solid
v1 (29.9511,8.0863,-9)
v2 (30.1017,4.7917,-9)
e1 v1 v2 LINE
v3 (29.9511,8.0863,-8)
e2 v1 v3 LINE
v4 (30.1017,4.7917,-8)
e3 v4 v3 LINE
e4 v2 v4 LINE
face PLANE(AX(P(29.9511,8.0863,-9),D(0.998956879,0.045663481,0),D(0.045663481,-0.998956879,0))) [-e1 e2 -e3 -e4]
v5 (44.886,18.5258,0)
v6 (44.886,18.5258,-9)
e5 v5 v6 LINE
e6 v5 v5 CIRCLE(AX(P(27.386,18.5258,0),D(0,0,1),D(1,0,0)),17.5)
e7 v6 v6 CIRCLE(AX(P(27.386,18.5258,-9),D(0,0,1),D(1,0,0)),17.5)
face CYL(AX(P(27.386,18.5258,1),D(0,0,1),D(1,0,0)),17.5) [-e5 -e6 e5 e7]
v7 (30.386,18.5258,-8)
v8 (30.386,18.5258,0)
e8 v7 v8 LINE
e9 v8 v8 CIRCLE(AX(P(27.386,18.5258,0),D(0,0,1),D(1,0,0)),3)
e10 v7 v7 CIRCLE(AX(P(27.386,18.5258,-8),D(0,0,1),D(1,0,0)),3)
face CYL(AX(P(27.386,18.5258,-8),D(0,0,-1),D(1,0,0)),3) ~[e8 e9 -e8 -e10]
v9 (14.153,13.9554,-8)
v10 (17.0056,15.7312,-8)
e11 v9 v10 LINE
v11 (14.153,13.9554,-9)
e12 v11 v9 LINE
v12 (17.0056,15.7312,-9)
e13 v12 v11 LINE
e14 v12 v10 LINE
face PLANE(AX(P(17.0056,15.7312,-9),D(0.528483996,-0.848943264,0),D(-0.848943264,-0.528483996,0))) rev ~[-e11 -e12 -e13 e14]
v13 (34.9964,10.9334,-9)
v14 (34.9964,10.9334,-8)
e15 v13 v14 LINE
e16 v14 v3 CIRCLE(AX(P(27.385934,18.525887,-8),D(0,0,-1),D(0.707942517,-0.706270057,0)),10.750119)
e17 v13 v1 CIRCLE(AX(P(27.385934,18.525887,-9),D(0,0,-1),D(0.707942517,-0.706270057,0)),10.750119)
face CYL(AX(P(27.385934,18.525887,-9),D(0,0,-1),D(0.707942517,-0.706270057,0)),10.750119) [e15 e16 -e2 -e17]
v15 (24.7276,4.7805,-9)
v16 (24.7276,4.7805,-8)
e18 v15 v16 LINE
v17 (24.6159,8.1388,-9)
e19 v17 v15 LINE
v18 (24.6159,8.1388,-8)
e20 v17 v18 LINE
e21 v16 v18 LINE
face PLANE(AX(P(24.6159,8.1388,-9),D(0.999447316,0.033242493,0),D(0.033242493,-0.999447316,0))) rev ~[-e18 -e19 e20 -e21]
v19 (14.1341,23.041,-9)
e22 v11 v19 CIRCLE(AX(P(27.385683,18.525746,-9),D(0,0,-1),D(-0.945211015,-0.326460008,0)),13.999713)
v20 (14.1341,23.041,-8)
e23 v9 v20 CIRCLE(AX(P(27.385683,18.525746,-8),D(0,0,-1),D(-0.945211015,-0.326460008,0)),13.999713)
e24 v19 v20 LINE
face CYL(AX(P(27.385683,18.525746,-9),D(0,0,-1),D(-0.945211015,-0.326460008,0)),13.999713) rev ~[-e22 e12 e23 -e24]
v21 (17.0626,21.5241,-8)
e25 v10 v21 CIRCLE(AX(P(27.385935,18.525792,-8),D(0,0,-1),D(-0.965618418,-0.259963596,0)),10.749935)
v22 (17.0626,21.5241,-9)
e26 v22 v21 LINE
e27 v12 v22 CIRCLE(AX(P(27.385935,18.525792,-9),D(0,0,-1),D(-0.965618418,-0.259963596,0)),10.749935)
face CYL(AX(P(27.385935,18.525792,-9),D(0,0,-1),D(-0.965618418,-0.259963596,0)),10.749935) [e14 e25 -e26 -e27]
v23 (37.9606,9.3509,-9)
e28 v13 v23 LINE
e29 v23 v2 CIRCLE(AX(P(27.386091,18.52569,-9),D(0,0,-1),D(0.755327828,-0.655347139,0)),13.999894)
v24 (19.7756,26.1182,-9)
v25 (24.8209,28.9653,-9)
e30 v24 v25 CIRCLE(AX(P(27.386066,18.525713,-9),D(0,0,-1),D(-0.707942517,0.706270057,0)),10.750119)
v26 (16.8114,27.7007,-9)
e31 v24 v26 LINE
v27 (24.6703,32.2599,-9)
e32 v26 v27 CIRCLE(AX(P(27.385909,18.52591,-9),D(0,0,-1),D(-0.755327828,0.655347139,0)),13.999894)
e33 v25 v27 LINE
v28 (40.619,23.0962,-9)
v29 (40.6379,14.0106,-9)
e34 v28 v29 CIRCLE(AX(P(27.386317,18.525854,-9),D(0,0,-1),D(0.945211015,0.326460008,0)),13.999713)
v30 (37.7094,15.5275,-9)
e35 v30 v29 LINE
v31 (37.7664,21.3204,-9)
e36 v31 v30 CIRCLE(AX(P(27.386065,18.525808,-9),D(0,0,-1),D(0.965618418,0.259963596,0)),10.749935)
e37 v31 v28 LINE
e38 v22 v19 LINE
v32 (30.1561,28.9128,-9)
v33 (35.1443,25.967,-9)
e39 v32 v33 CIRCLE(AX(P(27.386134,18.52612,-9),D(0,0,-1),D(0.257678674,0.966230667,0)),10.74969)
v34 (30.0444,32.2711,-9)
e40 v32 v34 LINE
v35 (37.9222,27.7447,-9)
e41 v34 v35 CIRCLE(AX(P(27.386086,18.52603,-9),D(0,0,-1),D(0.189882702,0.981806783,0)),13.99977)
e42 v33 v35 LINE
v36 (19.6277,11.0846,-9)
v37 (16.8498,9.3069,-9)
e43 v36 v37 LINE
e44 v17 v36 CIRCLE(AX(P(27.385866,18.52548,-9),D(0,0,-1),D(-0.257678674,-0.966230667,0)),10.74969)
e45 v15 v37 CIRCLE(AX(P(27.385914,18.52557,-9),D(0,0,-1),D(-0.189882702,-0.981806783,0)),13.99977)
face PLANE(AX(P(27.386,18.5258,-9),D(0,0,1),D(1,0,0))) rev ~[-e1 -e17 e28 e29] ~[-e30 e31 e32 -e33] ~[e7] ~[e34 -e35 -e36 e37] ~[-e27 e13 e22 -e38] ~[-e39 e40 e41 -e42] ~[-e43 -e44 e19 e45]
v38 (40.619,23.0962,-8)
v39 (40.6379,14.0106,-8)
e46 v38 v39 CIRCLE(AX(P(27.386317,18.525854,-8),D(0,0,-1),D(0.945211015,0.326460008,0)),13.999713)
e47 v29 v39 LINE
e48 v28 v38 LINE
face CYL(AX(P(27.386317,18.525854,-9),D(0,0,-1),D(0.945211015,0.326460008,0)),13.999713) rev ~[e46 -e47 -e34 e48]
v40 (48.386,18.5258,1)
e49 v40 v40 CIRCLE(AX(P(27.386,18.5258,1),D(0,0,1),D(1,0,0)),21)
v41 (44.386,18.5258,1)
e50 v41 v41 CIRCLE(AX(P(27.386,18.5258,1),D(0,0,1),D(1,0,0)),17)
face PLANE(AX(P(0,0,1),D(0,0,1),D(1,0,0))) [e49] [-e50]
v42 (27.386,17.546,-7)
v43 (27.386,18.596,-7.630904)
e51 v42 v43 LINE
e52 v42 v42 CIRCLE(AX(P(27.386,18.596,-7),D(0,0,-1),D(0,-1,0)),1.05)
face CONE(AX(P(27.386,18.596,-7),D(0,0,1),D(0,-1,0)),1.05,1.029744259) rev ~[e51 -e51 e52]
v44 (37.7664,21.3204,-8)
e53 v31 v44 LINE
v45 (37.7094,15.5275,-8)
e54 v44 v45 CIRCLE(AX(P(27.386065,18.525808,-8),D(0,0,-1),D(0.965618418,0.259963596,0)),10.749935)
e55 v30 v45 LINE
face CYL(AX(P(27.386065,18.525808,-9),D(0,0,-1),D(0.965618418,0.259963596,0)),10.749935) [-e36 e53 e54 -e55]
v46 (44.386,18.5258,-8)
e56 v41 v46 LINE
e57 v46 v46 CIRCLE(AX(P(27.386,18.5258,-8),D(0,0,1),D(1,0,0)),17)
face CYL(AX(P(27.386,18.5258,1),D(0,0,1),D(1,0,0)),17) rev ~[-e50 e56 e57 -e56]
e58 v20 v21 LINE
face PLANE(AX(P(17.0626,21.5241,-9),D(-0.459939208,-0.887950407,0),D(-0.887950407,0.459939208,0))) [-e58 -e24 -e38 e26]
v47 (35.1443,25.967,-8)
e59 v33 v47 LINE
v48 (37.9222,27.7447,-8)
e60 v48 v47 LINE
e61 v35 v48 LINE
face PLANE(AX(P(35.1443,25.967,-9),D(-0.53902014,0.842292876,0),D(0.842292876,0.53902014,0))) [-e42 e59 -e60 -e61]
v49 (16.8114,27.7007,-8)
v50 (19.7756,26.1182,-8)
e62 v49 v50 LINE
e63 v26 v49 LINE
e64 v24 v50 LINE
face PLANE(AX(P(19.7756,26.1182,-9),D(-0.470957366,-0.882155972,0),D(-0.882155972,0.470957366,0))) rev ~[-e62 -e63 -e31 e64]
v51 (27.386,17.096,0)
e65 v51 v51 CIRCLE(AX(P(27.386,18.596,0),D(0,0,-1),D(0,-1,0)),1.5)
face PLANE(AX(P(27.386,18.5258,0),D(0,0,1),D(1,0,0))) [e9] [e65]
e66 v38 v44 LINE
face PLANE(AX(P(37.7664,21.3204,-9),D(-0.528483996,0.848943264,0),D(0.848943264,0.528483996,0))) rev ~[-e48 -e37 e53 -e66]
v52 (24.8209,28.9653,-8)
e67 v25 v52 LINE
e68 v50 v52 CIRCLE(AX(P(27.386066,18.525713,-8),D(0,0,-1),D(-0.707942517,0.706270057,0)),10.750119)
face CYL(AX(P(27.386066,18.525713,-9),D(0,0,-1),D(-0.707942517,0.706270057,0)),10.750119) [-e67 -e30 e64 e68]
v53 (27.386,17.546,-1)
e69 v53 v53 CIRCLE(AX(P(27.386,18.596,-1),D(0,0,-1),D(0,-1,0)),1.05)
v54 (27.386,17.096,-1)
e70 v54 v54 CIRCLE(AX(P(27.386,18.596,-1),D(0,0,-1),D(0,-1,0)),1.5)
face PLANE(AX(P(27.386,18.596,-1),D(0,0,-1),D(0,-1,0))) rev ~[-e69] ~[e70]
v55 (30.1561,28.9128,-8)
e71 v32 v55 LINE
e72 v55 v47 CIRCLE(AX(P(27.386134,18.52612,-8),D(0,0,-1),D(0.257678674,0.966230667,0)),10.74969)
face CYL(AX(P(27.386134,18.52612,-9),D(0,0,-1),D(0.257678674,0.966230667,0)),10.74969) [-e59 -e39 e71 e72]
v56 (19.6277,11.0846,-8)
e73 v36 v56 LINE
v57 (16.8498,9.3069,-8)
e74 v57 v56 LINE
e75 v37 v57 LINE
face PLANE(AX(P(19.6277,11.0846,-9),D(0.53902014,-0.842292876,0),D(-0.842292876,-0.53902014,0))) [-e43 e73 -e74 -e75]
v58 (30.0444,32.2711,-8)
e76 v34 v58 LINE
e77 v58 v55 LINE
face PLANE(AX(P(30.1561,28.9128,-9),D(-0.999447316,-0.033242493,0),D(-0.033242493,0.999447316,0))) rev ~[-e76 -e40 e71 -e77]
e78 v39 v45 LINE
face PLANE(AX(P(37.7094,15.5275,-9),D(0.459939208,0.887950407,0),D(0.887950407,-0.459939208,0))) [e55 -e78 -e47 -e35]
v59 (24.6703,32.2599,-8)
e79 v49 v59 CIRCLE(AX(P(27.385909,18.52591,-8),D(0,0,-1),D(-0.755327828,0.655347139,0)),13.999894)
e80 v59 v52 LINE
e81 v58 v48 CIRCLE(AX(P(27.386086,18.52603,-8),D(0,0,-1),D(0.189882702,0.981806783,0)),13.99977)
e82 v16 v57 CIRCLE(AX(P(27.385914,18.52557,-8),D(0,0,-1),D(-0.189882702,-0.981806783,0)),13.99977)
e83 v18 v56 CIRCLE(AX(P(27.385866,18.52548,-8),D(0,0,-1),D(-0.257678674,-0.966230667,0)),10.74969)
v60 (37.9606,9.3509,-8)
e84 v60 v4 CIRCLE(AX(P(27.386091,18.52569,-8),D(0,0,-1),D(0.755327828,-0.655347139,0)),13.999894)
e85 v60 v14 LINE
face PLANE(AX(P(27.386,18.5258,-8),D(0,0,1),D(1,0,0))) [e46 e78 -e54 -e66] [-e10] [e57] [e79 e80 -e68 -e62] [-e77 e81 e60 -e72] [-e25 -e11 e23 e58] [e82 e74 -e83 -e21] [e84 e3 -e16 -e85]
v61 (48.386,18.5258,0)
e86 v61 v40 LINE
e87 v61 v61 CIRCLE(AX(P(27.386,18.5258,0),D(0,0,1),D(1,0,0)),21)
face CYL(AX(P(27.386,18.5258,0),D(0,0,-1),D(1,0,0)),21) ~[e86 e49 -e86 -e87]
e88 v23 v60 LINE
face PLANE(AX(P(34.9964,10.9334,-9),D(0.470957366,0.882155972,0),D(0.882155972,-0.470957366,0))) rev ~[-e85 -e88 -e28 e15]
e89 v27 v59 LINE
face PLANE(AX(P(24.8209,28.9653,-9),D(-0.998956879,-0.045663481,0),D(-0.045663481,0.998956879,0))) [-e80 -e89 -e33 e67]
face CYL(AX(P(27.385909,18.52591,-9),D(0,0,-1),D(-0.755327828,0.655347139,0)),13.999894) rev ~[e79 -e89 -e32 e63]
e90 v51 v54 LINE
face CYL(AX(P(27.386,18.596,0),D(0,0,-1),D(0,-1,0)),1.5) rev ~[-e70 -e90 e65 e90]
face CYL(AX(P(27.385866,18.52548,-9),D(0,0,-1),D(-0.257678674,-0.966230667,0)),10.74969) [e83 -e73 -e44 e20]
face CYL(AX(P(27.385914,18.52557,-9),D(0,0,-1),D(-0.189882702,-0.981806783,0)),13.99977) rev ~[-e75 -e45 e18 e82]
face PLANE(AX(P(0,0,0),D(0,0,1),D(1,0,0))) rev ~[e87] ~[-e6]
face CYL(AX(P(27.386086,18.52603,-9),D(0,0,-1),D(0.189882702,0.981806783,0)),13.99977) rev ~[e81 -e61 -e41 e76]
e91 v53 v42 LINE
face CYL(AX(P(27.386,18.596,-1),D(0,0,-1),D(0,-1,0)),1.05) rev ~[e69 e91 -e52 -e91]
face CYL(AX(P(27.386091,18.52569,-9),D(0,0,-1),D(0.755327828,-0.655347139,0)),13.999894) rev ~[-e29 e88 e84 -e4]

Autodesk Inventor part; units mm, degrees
ref_plane "YZ Plane" through (0, 0, 0) normal (1, 0, 0) x (0, 1, 0)
ref_plane "XZ Plane" through (0, 0, 0) normal (0, 1, 0) x (-1, 0, 0)
ref_plane "XY Plane" through (0, 0, 0) normal (0, 0, 1) x (1, 0, 0)
sketch "Sketch1" plane through (0, 0, 0) normal (0, 0, 1) x (1, 0, 0)
  circle A0 centre (27.386, 18.5258) radius 21
  circle A1 centre (27.386, 18.5258) radius 17
  dimension "d0" = 42
  dimension "d1" = 34
extrude "Outer" add sketch "Sketch1" along normal blind 1
sketch "Sketch2" plane through (27.386, 18.5258, 1) normal (0, 0, 1) x (1, 0, 0)
  circle A0 centre (0, 0) radius 17.5
  dimension "d4" = 35
extrude "Breath_ext_outer" add sketch "Sketch2" against normal blind 10
sketch "Sketch3" plane through (27.386, 18.5258, 1) normal (0, 0, 1) x (1, 0, 0)
  circle A0 centre (0, 0) radius 17
  dimension "d7" = 34
extrude "Breath_ext_inner" cut sketch "Sketch3" against normal blind 9
sketch "Sketch4" plane through (27.386, 18.5258, -9) normal (0, 0, -1) x (-1, 0, 0)
  arc A0 (-10.3804, 2.7946) -> (-10.3234, -2.9983) centre (0, 0) ccw
  arc A1 (-13.233, 4.5704) -> (-13.2519, -4.5152) centre (0, 0) ccw
  line L0 (-10.3234, -2.9983) -> (-13.2519, -4.5152)
  line L1 (-10.3804, 2.7946) -> (-13.233, 4.5704)
  arc A2 (-2.7701, 10.387) -> (-7.7583, 7.4412) centre (0, 0) ccw
  arc A3 (-2.6584, 13.7453) -> (-10.5362, 9.2189) centre (0, 0) ccw
  line L2 (-7.7583, 7.4412) -> (-10.5362, 9.2189)
  line L3 (-2.7701, 10.387) -> (-2.6584, 13.7453)
  arc A4 (7.6104, 7.5924) -> (2.5651, 10.4395) centre (0, 0) ccw
  arc A5 (10.5746, 9.1749) -> (2.7157, 13.7341) centre (0, 0) ccw
  line L4 (2.5651, 10.4395) -> (2.7157, 13.7341)
  line L5 (7.6104, 7.5924) -> (10.5746, 9.1749)
  arc A6 (10.3804, -2.7946) -> (10.3234, 2.9983) centre (0, 0) ccw
  arc A7 (13.233, -4.5704) -> (13.2519, 4.5152) centre (0, 0) ccw
  line L6 (10.3234, 2.9983) -> (13.2519, 4.5152)
  line L7 (10.3804, -2.7946) -> (13.233, -4.5704)
  arc A8 (2.7701, -10.387) -> (7.7583, -7.4412) centre (0, 0) ccw
  arc A9 (2.6584, -13.7453) -> (10.5362, -9.2189) centre (0, 0) ccw
  line L8 (7.7583, -7.4412) -> (10.5362, -9.2189)
  line L9 (2.7701, -10.387) -> (2.6584, -13.7453)
  arc A10 (-7.6104, -7.5924) -> (-2.5651, -10.4395) centre (0, 0) ccw
  arc A11 (-10.5746, -9.1749) -> (-2.7157, -13.7341) centre (0, 0) ccw
  line L10 (-2.5651, -10.4395) -> (-2.7157, -13.7341)
  line L11 (-7.6104, -7.5924) -> (-10.5746, -9.1749)
  dimension "d14" = 360
extrude "Breath_Holes" cut sketch "Sketch4" against normal blind 2
sketch "Sketch5" plane through (27.386, 18.5258, -8) normal (0, 0, 1) x (1, 0, 0)
  circle A0 centre (0, 0) radius 3
  dimension "d18" = 6
extrude "Hole_holder" add sketch "Sketch5" along normal blind 8
sketch "Sketch6" plane through (27.386, 18.5258, 0) normal (0, 0, 1) x (1, 0, 0)
  point P0 (0, 0.0702)
hole "Hole1" at (27.386, 18.596, 0) direction (0, 0, -1) diameter 2.1 depth 7 tip angle 118 counterbore diameter 3 counterbore depth 1
properties part number "mask_breath_top"
